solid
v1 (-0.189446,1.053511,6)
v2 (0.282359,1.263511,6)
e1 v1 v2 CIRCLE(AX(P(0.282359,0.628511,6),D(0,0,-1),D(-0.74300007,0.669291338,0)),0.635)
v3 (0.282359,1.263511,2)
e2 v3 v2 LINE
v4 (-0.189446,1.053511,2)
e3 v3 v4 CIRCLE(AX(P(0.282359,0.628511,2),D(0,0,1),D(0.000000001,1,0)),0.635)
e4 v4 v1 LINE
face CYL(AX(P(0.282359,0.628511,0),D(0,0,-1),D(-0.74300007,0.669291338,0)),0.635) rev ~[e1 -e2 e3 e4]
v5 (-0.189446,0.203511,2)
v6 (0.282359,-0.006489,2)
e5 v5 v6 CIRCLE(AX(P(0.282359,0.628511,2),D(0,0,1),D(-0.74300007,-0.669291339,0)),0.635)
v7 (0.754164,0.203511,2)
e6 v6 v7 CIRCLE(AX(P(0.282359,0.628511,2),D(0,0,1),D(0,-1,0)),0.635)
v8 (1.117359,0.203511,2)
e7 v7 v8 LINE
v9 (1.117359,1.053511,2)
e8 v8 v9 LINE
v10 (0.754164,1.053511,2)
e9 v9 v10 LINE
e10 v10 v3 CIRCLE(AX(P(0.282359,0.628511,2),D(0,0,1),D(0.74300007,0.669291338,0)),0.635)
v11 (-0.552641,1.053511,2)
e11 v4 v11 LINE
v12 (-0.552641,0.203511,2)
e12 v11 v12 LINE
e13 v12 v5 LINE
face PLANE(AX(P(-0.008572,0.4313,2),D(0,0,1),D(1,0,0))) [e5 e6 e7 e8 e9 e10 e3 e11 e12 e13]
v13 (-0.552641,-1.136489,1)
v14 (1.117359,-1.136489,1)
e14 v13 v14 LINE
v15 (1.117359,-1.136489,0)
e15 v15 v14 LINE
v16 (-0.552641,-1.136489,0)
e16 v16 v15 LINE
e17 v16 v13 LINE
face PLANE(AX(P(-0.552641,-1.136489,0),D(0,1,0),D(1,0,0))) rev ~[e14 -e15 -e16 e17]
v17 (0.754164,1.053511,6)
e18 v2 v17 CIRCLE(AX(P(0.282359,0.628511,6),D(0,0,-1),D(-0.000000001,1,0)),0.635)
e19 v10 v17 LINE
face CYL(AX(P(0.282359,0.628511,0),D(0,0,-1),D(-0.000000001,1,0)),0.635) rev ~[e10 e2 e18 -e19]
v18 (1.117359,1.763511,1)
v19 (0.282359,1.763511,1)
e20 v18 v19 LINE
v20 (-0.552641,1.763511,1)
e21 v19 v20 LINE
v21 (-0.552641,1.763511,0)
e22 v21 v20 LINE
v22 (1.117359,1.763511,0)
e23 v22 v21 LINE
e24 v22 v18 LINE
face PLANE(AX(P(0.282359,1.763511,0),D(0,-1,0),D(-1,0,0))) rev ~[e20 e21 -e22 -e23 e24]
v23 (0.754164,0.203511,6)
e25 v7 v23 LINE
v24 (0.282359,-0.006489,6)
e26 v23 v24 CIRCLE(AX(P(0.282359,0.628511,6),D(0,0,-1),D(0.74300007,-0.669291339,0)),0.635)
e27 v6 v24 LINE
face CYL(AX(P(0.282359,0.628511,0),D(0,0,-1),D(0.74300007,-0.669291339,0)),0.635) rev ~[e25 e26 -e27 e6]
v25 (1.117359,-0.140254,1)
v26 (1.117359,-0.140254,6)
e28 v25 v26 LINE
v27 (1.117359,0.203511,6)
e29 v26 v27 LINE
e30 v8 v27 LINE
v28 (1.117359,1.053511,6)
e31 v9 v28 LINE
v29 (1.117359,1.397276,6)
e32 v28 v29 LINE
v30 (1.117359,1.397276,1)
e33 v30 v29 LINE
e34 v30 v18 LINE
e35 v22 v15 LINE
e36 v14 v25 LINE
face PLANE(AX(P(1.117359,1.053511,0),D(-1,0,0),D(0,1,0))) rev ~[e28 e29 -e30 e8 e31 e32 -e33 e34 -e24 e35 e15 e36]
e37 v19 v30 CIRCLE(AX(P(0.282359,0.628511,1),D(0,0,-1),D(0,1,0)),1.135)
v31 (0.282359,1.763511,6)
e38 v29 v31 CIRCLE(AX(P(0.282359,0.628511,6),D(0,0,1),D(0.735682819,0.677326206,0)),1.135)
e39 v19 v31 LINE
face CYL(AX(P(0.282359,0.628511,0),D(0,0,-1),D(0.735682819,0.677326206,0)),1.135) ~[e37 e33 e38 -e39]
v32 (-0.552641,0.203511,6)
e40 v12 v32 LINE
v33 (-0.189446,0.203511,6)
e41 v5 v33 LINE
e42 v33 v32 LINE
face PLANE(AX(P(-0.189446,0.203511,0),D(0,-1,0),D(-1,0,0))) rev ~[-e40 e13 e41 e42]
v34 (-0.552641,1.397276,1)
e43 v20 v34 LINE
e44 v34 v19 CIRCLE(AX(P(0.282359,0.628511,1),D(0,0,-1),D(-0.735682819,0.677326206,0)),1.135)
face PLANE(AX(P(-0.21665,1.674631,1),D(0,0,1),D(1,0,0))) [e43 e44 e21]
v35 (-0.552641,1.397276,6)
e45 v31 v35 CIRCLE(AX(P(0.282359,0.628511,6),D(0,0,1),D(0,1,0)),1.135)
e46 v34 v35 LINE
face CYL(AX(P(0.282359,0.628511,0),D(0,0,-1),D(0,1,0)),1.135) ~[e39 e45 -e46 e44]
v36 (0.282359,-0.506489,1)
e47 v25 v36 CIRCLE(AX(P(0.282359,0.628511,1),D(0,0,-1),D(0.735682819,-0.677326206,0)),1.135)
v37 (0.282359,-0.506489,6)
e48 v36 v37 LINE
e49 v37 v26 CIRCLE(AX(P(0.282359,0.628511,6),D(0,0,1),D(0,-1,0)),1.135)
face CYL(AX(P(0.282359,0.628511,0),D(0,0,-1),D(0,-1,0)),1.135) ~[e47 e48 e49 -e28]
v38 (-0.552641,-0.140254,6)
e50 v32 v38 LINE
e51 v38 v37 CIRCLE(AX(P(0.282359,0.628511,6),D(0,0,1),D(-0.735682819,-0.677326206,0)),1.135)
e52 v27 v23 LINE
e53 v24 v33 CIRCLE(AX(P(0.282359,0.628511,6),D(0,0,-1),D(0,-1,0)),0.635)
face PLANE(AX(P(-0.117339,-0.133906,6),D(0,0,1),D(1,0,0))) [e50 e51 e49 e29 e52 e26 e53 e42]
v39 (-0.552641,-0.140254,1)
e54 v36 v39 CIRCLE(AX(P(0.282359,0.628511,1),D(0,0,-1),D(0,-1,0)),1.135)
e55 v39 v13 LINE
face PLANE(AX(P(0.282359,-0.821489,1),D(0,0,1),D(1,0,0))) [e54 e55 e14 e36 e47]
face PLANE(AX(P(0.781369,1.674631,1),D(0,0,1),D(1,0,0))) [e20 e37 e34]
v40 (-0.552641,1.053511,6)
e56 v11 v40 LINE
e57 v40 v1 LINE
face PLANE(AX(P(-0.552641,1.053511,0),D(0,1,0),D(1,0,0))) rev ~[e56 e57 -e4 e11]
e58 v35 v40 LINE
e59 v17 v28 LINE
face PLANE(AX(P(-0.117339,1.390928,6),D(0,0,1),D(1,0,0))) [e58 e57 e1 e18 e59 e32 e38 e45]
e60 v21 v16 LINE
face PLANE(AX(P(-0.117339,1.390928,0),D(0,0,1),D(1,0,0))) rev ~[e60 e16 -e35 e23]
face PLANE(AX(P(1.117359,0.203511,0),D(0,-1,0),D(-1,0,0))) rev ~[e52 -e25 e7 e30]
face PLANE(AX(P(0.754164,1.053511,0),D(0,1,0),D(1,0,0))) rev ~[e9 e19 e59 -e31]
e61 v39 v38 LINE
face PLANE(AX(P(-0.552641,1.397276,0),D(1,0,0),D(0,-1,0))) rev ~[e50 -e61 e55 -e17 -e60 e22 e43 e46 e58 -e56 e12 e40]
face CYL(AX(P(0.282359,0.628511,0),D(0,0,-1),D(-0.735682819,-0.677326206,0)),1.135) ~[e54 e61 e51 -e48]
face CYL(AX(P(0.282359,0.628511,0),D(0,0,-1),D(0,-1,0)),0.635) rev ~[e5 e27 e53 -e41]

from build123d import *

# Parameters (mm, degrees)
F1_DEPTH = 1
F2_DEPTH = 2
F3_DEPTH = 6


with BuildPart() as f1:
    # F0 (on Top) → F1 (new body)
    with BuildSketch(Plane.XY):
        Polygon((0.2823591599, -0.5064888335), (-0.5526408401, -0.5064888335), (-0.5526408401, -1.1364888335), (1.1173591599, -1.1364888335), (1.1173591599, -0.5064888335), align=None)
        with BuildLine():
            ThreePointArc((0.2823591599, -0.5064888335), (-0.1735336171, -0.4109053889), (-0.5526408401, -0.1402540772))
            Line((-0.5526408401, -0.1402540772), (-0.5526408401, -0.5064888335))
            Line((-0.5526408401, -0.5064888335), (0.2823591599, -0.5064888335))
        make_face()
        with BuildLine():
            Line((1.1173591599, -0.5064888335), (1.1173591599, -0.1402540772))
            ThreePointArc((1.1173591599, -0.1402540772), (0.738251937, -0.4109053889), (0.2823591599, -0.5064888335))
            Line((0.2823591599, -0.5064888335), (1.1173591599, -0.5064888335))
        make_face()
    extrude(amount=F1_DEPTH)



with BuildPart() as f1b:
    # F0 (on Top) → F1, piece 2 (new body)
    with BuildSketch(Plane.XY):
        with BuildLine():
            Line((1.1173591599, 1.7635111665), (0.2823591599, 1.7635111665))
            ThreePointArc((0.2823591599, 1.7635111665), (0.738251937, 1.667927722), (1.1173591599, 1.3972764103))
            Line((1.1173591599, 1.3972764103), (1.1173591599, 1.7635111665))
        make_face()
    extrude(amount=F1_DEPTH)


with BuildPart() as f1c:
    # F0 (on Top) → F1, piece 3 (new body)
    with BuildSketch(Plane.XY):
        with BuildLine():
            Line((0.2823591599, 1.7635111665), (-0.5526408401, 1.7635111665))
            Line((-0.5526408401, 1.7635111665), (-0.5526408401, 1.3972764103))
            ThreePointArc((-0.5526408401, 1.3972764103), (-0.1735336171, 1.667927722), (0.2823591599, 1.7635111665))
        make_face()
    extrude(amount=F1_DEPTH)


with BuildPart() as f2:
    # F0 (on Top) → F2 (new body)
    with BuildSketch(Plane.XY):
        with BuildLine():
            Line((0.2823591599, 0.2035111665), (0.2823591599, 0.6285111665))
            Line((0.2823591599, 0.6285111665), (-0.3526408401, 0.6285111665))
            ThreePointArc((-0.3526408401, 0.6285111665), (-0.3104397956, 0.4008834038), (-0.1894458846, 0.2035111665))
            Line((-0.1894458846, 0.2035111665), (0.2823591599, 0.2035111665))
        make_face()
        with BuildLine():
            Line((-0.3526408401, 0.6285111665), (-0.5526408401, 0.6285111665))
            Line((-0.5526408401, 0.6285111665), (-0.5526408401, 0.2035111665))
            Line((-0.5526408401, 0.2035111665), (-0.1894458846, 0.2035111665))
            ThreePointArc((-0.1894458846, 0.2035111665), (-0.3104397956, 0.4008834038), (-0.3526408401, 0.6285111665))
        make_face()
        with BuildLine():
            Line((-0.1894458846, 1.0535111665), (-0.5526408401, 1.0535111665))
            Line((-0.5526408401, 1.0535111665), (-0.5526408401, 0.6285111665))
            Line((-0.5526408401, 0.6285111665), (-0.3526408401, 0.6285111665))
            ThreePointArc((-0.3526408401, 0.6285111665), (-0.3104397956, 0.8561389293), (-0.1894458846, 1.0535111665))
        make_face()
        with BuildLine():
            Line((0.2823591599, 0.6285111665), (0.2823591599, 1.0535111665))
            Line((0.2823591599, 1.0535111665), (-0.1894458846, 1.0535111665))
            ThreePointArc((-0.1894458846, 1.0535111665), (-0.3104397956, 0.8561389293), (-0.3526408401, 0.6285111665))
            Line((-0.3526408401, 0.6285111665), (0.2823591599, 0.6285111665))
        make_face()
        with BuildLine():
            Line((0.7541642044, 1.0535111665), (0.2823591599, 1.0535111665))
            Line((0.2823591599, 1.0535111665), (0.2823591599, 0.6285111665))
            Line((0.2823591599, 0.6285111665), (0.9173591599, 0.6285111665))
            ThreePointArc((0.9173591599, 0.6285111665), (0.8751581154, 0.8561389293), (0.7541642044, 1.0535111665))
        make_face()
        with BuildLine():
            Line((1.1173591599, 1.0535111665), (0.7541642044, 1.0535111665))
            ThreePointArc((0.7541642044, 1.0535111665), (0.8751581154, 0.8561389293), (0.9173591599, 0.6285111665))
            Line((0.9173591599, 0.6285111665), (1.1173591599, 0.6285111665))
            Line((1.1173591599, 0.6285111665), (1.1173591599, 1.0535111665))
        make_face()
        with BuildLine():
            Line((1.1173591599, 0.6285111665), (0.9173591599, 0.6285111665))
            ThreePointArc((0.9173591599, 0.6285111665), (0.8751581154, 0.4008834038), (0.7541642044, 0.2035111665))
            Line((0.7541642044, 0.2035111665), (1.1173591599, 0.2035111665))
            Line((1.1173591599, 0.2035111665), (1.1173591599, 0.6285111665))
        make_face()
        with BuildLine():
            Line((0.7541642044, 0.2035111665), (0.2823591599, 0.2035111665))
            Line((0.2823591599, 0.2035111665), (0.2823591599, -0.0064888335))
            ThreePointArc((0.2823591599, -0.0064888335), (0.5405741866, 0.0483818706), (0.7541642044, 0.2035111665))
        make_face()
        with BuildLine():
            Line((0.2823591599, -0.0064888335), (0.2823591599, 0.2035111665))
            Line((0.2823591599, 0.2035111665), (-0.1894458846, 0.2035111665))
            ThreePointArc((-0.1894458846, 0.2035111665), (0.0241441332, 0.0483818706), (0.2823591599, -0.0064888335))
        make_face()
        with BuildLine():
            Line((0.9173591599, 0.6285111665), (0.2823591599, 0.6285111665))
            Line((0.2823591599, 0.6285111665), (0.2823591599, 0.2035111665))
            Line((0.2823591599, 0.2035111665), (0.7541642044, 0.2035111665))
            ThreePointArc((0.7541642044, 0.2035111665), (0.8751581154, 0.4008834038), (0.9173591599, 0.6285111665))
        make_face()
        with BuildLine():
            ThreePointArc((0.7541642044, 1.0535111665), (0.5405741866, 1.2086404625), (0.2823591599, 1.2635111665))
            Line((0.2823591599, 1.2635111665), (0.2823591599, 1.0535111665))
            Line((0.2823591599, 1.0535111665), (0.7541642044, 1.0535111665))
        make_face()
        with BuildLine():
            Line((0.2823591599, 1.0535111665), (0.2823591599, 1.2635111665))
            ThreePointArc((0.2823591599, 1.2635111665), (0.0241441332, 1.2086404625), (-0.1894458846, 1.0535111665))
            Line((-0.1894458846, 1.0535111665), (0.2823591599, 1.0535111665))
        make_face()
    extrude(amount=F2_DEPTH)


with BuildPart() as f1_1:
    add(f1.part)

    add(f1b.part)  # F3 merges F1b

    add(f1c.part)  # F3 merges F1c

    add(f2.part)  # F3 merges F2
    # F0 (on Top) → F3 (join)
    with BuildSketch(Plane.XY):
        with BuildLine():
            Line((0.2823591599, 1.2635111665), (0.2823591599, 1.7635111665))
            ThreePointArc((0.2823591599, 1.7635111665), (-0.1735336171, 1.667927722), (-0.5526408401, 1.3972764103))
            Line((-0.5526408401, 1.3972764103), (-0.5526408401, 1.0535111665))
            Line((-0.5526408401, 1.0535111665), (-0.1894458846, 1.0535111665))
            ThreePointArc((-0.1894458846, 1.0535111665), (0.0241441332, 1.2086404625), (0.2823591599, 1.2635111665))
        make_face()
        with BuildLine():
            ThreePointArc((1.1173591599, 1.3972764103), (0.738251937, 1.667927722), (0.2823591599, 1.7635111665))
            Line((0.2823591599, 1.7635111665), (0.2823591599, 1.2635111665))
            ThreePointArc((0.2823591599, 1.2635111665), (0.5405741866, 1.2086404625), (0.7541642044, 1.0535111665))
            Line((0.7541642044, 1.0535111665), (1.1173591599, 1.0535111665))
            Line((1.1173591599, 1.0535111665), (1.1173591599, 1.3972764103))
        make_face()
        with BuildLine():
            Line((-0.1894458846, 0.2035111665), (-0.5526408401, 0.2035111665))
            Line((-0.5526408401, 0.2035111665), (-0.5526408401, -0.1402540772))
            ThreePointArc((-0.5526408401, -0.1402540772), (-0.1735336171, -0.4109053889), (0.2823591599, -0.5064888335))
            Line((0.2823591599, -0.5064888335), (0.2823591599, -0.0064888335))
            ThreePointArc((0.2823591599, -0.0064888335), (0.0241441332, 0.0483818706), (-0.1894458846, 0.2035111665))
        make_face()
        with BuildLine():
            Line((1.1173591599, 0.2035111665), (0.7541642044, 0.2035111665))
            ThreePointArc((0.7541642044, 0.2035111665), (0.5405741866, 0.0483818706), (0.2823591599, -0.0064888335))
            Line((0.2823591599, -0.0064888335), (0.2823591599, -0.5064888335))
            ThreePointArc((0.2823591599, -0.5064888335), (0.738251937, -0.4109053889), (1.1173591599, -0.1402540772))
            Line((1.1173591599, -0.1402540772), (1.1173591599, 0.2035111665))
        make_face()
    extrude(amount=F3_DEPTH)


solid = f1_1.part
